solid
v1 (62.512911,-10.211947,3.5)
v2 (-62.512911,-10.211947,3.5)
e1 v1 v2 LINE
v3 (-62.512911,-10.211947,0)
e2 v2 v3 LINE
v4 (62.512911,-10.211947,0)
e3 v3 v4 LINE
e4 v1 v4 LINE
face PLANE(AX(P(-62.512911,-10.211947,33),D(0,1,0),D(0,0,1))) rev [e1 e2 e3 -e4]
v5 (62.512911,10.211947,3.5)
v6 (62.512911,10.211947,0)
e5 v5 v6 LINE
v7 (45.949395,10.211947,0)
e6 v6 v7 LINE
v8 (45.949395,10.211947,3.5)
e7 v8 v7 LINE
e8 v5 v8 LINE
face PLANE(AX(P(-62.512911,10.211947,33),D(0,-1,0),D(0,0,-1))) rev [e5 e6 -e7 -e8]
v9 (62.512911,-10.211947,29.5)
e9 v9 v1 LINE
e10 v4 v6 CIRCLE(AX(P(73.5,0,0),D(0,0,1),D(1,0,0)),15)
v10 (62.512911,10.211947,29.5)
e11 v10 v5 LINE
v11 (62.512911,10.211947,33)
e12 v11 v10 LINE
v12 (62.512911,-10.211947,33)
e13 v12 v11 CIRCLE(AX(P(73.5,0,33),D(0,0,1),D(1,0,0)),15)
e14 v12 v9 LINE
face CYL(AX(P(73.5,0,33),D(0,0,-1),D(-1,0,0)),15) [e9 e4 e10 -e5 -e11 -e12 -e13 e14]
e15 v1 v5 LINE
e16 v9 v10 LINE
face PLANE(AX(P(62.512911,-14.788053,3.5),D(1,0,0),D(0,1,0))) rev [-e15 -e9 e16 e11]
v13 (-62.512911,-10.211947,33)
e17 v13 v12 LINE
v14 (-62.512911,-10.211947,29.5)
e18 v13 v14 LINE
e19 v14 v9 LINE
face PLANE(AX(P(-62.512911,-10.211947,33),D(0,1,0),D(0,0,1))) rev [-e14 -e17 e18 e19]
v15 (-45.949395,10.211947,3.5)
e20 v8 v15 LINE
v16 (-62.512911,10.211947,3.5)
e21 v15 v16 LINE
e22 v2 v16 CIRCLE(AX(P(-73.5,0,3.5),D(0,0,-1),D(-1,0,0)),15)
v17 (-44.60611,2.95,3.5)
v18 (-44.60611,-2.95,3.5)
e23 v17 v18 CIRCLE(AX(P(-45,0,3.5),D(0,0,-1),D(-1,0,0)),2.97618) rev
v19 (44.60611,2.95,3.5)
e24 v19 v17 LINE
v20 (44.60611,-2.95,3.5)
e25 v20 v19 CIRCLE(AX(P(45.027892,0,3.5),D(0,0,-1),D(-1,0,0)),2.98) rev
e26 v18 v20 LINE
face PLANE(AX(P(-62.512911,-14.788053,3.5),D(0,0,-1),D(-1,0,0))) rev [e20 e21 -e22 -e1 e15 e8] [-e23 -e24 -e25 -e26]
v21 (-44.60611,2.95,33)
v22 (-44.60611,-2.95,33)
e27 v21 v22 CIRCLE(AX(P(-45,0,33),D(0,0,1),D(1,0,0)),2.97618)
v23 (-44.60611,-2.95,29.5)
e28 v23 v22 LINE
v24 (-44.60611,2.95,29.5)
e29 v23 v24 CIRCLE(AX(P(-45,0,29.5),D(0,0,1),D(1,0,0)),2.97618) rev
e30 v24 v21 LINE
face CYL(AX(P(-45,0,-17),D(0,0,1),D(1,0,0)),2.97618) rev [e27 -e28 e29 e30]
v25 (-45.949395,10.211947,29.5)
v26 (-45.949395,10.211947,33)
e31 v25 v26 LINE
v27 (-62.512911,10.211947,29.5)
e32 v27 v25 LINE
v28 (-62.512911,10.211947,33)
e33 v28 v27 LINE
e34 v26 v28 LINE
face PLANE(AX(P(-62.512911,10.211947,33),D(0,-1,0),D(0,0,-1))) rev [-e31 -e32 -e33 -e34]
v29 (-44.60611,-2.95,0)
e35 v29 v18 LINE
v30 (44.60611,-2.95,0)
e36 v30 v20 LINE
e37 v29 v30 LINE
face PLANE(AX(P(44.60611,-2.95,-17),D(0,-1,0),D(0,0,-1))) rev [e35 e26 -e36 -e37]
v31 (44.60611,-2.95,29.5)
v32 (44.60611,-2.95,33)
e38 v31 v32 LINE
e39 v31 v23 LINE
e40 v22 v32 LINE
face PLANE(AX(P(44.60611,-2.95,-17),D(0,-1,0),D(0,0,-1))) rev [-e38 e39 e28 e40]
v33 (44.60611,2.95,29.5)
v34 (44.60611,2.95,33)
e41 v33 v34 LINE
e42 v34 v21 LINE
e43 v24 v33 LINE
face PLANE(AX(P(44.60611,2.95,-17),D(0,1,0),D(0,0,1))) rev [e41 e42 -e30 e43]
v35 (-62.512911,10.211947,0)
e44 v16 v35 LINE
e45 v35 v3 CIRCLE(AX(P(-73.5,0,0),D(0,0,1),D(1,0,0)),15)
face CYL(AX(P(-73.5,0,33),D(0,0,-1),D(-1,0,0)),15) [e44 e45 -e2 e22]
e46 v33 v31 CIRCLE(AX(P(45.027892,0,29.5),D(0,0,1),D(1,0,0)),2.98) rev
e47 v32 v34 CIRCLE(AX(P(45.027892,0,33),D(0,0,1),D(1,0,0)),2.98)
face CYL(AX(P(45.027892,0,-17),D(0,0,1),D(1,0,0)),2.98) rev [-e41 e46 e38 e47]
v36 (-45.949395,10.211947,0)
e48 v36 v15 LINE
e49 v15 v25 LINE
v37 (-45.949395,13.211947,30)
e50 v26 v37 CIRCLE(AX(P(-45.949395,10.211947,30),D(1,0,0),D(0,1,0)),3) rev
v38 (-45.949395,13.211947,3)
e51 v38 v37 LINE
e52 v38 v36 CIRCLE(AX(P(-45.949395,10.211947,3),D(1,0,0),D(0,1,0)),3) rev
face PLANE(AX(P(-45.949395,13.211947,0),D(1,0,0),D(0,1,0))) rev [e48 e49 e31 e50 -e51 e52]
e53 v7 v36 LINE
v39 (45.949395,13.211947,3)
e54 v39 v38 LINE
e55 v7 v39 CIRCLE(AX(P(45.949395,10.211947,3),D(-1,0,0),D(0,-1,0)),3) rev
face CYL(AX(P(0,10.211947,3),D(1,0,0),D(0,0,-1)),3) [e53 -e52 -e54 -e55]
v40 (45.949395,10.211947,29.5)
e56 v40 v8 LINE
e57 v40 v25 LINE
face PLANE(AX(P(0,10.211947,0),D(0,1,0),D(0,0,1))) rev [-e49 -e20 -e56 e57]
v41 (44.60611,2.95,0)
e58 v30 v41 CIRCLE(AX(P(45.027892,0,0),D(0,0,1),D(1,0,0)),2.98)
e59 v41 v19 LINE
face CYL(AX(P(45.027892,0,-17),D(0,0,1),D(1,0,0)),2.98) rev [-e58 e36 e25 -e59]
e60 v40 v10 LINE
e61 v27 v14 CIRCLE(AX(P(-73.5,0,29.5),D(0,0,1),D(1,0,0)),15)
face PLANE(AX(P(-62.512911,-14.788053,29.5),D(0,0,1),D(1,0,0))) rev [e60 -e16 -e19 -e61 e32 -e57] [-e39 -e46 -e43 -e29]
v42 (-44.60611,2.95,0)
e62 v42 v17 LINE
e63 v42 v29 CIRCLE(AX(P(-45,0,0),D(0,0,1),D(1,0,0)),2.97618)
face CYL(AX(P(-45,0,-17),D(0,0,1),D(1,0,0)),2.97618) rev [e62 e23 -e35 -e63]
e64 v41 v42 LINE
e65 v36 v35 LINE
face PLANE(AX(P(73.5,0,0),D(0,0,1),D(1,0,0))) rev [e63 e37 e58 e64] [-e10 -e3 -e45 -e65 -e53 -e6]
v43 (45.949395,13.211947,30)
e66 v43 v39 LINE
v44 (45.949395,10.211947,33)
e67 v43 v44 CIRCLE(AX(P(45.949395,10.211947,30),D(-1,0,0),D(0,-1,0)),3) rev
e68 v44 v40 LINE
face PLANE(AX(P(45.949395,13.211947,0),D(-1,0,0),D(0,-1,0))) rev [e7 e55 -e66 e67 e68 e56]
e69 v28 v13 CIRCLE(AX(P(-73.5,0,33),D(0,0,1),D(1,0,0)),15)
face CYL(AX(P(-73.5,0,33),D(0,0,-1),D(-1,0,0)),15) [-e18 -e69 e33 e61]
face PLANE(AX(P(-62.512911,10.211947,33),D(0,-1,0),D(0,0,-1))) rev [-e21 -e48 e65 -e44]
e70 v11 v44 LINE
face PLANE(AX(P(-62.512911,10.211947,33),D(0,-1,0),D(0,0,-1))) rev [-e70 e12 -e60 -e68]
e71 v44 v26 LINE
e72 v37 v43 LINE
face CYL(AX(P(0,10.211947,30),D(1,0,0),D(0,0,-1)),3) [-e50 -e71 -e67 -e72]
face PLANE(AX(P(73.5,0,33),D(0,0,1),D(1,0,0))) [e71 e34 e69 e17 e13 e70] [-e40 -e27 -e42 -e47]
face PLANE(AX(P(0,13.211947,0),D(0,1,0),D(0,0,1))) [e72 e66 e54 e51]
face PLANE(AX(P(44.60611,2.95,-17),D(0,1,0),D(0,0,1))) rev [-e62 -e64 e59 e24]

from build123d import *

# Parameters (mm, degrees)
BOSS_EXTRUDE1_DEPTH     = 33
CUT_EXTRUDE1_DEPTH      = 60
SKETCH3_W               = 125.025821482
SKETCH3_H               = 26
CUT_EXTRUDE2_DEPTH      = 25
CUT_EXTRUDE6_DEPTH      = 98.759359099
CUT_EXTRUDE6_DEPTH_BACK = 98.759359099
SKETCH7_W               = 50
SKETCH7_H               = 26
SKETCH8_W               = 91.898790586
SKETCH8_H               = 33
BOSS_EXTRUDE2_DEPTH     = 3
FILLET1_R               = 3


with BuildPart() as part:
    # Sketch1 → Boss-Extrude1 (new body)
    with BuildSketch(Plane.XY):
        with BuildLine():
            Line((-62.512910741, 10.211947396), (62.512910741, 10.211947396))
            ThreePointArc((62.512910741, 10.211947396), (88.5, 0), (62.512910741, -10.211947396))
            Line((62.512910741, -10.211947396), (-62.512910741, -10.211947396))
            ThreePointArc((-62.512910741, -10.211947396), (-88.5, 0), (-62.512910741, 10.211947396))
        make_face()
    extrude(amount=BOSS_EXTRUDE1_DEPTH)

    # Sketch2 → Cut-Extrude1 (cut)
    with BuildSketch(Plane.XY.offset(43)):
        with BuildLine():
            Line((44.606109659, 2.95), (-44.606109659, 2.95))
            ThreePointArc((-44.606109659, 2.95), (-47.976180371, 0), (-44.606109659, -2.95))
            Line((-44.606109659, -2.95), (44.606109659, -2.95))
            ThreePointArc((44.606109659, -2.95), (48.007891593, 0), (44.606109659, 2.95))
        make_face()
    extrude(amount=-CUT_EXTRUDE1_DEPTH, mode=Mode.SUBTRACT)

    # Sketch3 → Cut-Extrude2 (cut)
    with BuildSketch(Plane(origin=(0, 10.211947396, 0), x_dir=(1, 0, 0), z_dir=(0, 1, 0))):
        with Locations((0, -16.5)):
            Rectangle(SKETCH3_W, SKETCH3_H)
    extrude(amount=-CUT_EXTRUDE2_DEPTH, mode=Mode.SUBTRACT)

    # Sketch7 → Cut-Extrude6 (cut, two sides: drawn at the far end of the back side and taken through both)
    with BuildSketch(Plane(origin=(0, 10.211947396, 0), x_dir=(-1, 0, 0), z_dir=(0, -1, 0)).offset(-CUT_EXTRUDE6_DEPTH_BACK)):
        with Locations((87.512910741, -16.5)):
            Rectangle(SKETCH7_W, SKETCH7_H)
    extrude(amount=CUT_EXTRUDE6_DEPTH + CUT_EXTRUDE6_DEPTH_BACK, mode=Mode.SUBTRACT)

    # Sketch8 → Boss-Extrude2 (add)
    with BuildSketch(Plane(origin=(0, 10.211947396, 0), x_dir=(1, 0, 0), z_dir=(0, 1, 0))):
        with Locations((0, -16.5)):
            Rectangle(SKETCH8_W, SKETCH8_H)
    extrude(amount=BOSS_EXTRUDE2_DEPTH)

    # Fillet1
    fillet1_edges = [part.edges().sort_by_distance(p)[0] for p in [
        (0, 13.211947396, 0),
        (0, 13.211947396, 33),
    ]]
    fillet(fillet1_edges, radius=FILLET1_R)


solid = part.part
